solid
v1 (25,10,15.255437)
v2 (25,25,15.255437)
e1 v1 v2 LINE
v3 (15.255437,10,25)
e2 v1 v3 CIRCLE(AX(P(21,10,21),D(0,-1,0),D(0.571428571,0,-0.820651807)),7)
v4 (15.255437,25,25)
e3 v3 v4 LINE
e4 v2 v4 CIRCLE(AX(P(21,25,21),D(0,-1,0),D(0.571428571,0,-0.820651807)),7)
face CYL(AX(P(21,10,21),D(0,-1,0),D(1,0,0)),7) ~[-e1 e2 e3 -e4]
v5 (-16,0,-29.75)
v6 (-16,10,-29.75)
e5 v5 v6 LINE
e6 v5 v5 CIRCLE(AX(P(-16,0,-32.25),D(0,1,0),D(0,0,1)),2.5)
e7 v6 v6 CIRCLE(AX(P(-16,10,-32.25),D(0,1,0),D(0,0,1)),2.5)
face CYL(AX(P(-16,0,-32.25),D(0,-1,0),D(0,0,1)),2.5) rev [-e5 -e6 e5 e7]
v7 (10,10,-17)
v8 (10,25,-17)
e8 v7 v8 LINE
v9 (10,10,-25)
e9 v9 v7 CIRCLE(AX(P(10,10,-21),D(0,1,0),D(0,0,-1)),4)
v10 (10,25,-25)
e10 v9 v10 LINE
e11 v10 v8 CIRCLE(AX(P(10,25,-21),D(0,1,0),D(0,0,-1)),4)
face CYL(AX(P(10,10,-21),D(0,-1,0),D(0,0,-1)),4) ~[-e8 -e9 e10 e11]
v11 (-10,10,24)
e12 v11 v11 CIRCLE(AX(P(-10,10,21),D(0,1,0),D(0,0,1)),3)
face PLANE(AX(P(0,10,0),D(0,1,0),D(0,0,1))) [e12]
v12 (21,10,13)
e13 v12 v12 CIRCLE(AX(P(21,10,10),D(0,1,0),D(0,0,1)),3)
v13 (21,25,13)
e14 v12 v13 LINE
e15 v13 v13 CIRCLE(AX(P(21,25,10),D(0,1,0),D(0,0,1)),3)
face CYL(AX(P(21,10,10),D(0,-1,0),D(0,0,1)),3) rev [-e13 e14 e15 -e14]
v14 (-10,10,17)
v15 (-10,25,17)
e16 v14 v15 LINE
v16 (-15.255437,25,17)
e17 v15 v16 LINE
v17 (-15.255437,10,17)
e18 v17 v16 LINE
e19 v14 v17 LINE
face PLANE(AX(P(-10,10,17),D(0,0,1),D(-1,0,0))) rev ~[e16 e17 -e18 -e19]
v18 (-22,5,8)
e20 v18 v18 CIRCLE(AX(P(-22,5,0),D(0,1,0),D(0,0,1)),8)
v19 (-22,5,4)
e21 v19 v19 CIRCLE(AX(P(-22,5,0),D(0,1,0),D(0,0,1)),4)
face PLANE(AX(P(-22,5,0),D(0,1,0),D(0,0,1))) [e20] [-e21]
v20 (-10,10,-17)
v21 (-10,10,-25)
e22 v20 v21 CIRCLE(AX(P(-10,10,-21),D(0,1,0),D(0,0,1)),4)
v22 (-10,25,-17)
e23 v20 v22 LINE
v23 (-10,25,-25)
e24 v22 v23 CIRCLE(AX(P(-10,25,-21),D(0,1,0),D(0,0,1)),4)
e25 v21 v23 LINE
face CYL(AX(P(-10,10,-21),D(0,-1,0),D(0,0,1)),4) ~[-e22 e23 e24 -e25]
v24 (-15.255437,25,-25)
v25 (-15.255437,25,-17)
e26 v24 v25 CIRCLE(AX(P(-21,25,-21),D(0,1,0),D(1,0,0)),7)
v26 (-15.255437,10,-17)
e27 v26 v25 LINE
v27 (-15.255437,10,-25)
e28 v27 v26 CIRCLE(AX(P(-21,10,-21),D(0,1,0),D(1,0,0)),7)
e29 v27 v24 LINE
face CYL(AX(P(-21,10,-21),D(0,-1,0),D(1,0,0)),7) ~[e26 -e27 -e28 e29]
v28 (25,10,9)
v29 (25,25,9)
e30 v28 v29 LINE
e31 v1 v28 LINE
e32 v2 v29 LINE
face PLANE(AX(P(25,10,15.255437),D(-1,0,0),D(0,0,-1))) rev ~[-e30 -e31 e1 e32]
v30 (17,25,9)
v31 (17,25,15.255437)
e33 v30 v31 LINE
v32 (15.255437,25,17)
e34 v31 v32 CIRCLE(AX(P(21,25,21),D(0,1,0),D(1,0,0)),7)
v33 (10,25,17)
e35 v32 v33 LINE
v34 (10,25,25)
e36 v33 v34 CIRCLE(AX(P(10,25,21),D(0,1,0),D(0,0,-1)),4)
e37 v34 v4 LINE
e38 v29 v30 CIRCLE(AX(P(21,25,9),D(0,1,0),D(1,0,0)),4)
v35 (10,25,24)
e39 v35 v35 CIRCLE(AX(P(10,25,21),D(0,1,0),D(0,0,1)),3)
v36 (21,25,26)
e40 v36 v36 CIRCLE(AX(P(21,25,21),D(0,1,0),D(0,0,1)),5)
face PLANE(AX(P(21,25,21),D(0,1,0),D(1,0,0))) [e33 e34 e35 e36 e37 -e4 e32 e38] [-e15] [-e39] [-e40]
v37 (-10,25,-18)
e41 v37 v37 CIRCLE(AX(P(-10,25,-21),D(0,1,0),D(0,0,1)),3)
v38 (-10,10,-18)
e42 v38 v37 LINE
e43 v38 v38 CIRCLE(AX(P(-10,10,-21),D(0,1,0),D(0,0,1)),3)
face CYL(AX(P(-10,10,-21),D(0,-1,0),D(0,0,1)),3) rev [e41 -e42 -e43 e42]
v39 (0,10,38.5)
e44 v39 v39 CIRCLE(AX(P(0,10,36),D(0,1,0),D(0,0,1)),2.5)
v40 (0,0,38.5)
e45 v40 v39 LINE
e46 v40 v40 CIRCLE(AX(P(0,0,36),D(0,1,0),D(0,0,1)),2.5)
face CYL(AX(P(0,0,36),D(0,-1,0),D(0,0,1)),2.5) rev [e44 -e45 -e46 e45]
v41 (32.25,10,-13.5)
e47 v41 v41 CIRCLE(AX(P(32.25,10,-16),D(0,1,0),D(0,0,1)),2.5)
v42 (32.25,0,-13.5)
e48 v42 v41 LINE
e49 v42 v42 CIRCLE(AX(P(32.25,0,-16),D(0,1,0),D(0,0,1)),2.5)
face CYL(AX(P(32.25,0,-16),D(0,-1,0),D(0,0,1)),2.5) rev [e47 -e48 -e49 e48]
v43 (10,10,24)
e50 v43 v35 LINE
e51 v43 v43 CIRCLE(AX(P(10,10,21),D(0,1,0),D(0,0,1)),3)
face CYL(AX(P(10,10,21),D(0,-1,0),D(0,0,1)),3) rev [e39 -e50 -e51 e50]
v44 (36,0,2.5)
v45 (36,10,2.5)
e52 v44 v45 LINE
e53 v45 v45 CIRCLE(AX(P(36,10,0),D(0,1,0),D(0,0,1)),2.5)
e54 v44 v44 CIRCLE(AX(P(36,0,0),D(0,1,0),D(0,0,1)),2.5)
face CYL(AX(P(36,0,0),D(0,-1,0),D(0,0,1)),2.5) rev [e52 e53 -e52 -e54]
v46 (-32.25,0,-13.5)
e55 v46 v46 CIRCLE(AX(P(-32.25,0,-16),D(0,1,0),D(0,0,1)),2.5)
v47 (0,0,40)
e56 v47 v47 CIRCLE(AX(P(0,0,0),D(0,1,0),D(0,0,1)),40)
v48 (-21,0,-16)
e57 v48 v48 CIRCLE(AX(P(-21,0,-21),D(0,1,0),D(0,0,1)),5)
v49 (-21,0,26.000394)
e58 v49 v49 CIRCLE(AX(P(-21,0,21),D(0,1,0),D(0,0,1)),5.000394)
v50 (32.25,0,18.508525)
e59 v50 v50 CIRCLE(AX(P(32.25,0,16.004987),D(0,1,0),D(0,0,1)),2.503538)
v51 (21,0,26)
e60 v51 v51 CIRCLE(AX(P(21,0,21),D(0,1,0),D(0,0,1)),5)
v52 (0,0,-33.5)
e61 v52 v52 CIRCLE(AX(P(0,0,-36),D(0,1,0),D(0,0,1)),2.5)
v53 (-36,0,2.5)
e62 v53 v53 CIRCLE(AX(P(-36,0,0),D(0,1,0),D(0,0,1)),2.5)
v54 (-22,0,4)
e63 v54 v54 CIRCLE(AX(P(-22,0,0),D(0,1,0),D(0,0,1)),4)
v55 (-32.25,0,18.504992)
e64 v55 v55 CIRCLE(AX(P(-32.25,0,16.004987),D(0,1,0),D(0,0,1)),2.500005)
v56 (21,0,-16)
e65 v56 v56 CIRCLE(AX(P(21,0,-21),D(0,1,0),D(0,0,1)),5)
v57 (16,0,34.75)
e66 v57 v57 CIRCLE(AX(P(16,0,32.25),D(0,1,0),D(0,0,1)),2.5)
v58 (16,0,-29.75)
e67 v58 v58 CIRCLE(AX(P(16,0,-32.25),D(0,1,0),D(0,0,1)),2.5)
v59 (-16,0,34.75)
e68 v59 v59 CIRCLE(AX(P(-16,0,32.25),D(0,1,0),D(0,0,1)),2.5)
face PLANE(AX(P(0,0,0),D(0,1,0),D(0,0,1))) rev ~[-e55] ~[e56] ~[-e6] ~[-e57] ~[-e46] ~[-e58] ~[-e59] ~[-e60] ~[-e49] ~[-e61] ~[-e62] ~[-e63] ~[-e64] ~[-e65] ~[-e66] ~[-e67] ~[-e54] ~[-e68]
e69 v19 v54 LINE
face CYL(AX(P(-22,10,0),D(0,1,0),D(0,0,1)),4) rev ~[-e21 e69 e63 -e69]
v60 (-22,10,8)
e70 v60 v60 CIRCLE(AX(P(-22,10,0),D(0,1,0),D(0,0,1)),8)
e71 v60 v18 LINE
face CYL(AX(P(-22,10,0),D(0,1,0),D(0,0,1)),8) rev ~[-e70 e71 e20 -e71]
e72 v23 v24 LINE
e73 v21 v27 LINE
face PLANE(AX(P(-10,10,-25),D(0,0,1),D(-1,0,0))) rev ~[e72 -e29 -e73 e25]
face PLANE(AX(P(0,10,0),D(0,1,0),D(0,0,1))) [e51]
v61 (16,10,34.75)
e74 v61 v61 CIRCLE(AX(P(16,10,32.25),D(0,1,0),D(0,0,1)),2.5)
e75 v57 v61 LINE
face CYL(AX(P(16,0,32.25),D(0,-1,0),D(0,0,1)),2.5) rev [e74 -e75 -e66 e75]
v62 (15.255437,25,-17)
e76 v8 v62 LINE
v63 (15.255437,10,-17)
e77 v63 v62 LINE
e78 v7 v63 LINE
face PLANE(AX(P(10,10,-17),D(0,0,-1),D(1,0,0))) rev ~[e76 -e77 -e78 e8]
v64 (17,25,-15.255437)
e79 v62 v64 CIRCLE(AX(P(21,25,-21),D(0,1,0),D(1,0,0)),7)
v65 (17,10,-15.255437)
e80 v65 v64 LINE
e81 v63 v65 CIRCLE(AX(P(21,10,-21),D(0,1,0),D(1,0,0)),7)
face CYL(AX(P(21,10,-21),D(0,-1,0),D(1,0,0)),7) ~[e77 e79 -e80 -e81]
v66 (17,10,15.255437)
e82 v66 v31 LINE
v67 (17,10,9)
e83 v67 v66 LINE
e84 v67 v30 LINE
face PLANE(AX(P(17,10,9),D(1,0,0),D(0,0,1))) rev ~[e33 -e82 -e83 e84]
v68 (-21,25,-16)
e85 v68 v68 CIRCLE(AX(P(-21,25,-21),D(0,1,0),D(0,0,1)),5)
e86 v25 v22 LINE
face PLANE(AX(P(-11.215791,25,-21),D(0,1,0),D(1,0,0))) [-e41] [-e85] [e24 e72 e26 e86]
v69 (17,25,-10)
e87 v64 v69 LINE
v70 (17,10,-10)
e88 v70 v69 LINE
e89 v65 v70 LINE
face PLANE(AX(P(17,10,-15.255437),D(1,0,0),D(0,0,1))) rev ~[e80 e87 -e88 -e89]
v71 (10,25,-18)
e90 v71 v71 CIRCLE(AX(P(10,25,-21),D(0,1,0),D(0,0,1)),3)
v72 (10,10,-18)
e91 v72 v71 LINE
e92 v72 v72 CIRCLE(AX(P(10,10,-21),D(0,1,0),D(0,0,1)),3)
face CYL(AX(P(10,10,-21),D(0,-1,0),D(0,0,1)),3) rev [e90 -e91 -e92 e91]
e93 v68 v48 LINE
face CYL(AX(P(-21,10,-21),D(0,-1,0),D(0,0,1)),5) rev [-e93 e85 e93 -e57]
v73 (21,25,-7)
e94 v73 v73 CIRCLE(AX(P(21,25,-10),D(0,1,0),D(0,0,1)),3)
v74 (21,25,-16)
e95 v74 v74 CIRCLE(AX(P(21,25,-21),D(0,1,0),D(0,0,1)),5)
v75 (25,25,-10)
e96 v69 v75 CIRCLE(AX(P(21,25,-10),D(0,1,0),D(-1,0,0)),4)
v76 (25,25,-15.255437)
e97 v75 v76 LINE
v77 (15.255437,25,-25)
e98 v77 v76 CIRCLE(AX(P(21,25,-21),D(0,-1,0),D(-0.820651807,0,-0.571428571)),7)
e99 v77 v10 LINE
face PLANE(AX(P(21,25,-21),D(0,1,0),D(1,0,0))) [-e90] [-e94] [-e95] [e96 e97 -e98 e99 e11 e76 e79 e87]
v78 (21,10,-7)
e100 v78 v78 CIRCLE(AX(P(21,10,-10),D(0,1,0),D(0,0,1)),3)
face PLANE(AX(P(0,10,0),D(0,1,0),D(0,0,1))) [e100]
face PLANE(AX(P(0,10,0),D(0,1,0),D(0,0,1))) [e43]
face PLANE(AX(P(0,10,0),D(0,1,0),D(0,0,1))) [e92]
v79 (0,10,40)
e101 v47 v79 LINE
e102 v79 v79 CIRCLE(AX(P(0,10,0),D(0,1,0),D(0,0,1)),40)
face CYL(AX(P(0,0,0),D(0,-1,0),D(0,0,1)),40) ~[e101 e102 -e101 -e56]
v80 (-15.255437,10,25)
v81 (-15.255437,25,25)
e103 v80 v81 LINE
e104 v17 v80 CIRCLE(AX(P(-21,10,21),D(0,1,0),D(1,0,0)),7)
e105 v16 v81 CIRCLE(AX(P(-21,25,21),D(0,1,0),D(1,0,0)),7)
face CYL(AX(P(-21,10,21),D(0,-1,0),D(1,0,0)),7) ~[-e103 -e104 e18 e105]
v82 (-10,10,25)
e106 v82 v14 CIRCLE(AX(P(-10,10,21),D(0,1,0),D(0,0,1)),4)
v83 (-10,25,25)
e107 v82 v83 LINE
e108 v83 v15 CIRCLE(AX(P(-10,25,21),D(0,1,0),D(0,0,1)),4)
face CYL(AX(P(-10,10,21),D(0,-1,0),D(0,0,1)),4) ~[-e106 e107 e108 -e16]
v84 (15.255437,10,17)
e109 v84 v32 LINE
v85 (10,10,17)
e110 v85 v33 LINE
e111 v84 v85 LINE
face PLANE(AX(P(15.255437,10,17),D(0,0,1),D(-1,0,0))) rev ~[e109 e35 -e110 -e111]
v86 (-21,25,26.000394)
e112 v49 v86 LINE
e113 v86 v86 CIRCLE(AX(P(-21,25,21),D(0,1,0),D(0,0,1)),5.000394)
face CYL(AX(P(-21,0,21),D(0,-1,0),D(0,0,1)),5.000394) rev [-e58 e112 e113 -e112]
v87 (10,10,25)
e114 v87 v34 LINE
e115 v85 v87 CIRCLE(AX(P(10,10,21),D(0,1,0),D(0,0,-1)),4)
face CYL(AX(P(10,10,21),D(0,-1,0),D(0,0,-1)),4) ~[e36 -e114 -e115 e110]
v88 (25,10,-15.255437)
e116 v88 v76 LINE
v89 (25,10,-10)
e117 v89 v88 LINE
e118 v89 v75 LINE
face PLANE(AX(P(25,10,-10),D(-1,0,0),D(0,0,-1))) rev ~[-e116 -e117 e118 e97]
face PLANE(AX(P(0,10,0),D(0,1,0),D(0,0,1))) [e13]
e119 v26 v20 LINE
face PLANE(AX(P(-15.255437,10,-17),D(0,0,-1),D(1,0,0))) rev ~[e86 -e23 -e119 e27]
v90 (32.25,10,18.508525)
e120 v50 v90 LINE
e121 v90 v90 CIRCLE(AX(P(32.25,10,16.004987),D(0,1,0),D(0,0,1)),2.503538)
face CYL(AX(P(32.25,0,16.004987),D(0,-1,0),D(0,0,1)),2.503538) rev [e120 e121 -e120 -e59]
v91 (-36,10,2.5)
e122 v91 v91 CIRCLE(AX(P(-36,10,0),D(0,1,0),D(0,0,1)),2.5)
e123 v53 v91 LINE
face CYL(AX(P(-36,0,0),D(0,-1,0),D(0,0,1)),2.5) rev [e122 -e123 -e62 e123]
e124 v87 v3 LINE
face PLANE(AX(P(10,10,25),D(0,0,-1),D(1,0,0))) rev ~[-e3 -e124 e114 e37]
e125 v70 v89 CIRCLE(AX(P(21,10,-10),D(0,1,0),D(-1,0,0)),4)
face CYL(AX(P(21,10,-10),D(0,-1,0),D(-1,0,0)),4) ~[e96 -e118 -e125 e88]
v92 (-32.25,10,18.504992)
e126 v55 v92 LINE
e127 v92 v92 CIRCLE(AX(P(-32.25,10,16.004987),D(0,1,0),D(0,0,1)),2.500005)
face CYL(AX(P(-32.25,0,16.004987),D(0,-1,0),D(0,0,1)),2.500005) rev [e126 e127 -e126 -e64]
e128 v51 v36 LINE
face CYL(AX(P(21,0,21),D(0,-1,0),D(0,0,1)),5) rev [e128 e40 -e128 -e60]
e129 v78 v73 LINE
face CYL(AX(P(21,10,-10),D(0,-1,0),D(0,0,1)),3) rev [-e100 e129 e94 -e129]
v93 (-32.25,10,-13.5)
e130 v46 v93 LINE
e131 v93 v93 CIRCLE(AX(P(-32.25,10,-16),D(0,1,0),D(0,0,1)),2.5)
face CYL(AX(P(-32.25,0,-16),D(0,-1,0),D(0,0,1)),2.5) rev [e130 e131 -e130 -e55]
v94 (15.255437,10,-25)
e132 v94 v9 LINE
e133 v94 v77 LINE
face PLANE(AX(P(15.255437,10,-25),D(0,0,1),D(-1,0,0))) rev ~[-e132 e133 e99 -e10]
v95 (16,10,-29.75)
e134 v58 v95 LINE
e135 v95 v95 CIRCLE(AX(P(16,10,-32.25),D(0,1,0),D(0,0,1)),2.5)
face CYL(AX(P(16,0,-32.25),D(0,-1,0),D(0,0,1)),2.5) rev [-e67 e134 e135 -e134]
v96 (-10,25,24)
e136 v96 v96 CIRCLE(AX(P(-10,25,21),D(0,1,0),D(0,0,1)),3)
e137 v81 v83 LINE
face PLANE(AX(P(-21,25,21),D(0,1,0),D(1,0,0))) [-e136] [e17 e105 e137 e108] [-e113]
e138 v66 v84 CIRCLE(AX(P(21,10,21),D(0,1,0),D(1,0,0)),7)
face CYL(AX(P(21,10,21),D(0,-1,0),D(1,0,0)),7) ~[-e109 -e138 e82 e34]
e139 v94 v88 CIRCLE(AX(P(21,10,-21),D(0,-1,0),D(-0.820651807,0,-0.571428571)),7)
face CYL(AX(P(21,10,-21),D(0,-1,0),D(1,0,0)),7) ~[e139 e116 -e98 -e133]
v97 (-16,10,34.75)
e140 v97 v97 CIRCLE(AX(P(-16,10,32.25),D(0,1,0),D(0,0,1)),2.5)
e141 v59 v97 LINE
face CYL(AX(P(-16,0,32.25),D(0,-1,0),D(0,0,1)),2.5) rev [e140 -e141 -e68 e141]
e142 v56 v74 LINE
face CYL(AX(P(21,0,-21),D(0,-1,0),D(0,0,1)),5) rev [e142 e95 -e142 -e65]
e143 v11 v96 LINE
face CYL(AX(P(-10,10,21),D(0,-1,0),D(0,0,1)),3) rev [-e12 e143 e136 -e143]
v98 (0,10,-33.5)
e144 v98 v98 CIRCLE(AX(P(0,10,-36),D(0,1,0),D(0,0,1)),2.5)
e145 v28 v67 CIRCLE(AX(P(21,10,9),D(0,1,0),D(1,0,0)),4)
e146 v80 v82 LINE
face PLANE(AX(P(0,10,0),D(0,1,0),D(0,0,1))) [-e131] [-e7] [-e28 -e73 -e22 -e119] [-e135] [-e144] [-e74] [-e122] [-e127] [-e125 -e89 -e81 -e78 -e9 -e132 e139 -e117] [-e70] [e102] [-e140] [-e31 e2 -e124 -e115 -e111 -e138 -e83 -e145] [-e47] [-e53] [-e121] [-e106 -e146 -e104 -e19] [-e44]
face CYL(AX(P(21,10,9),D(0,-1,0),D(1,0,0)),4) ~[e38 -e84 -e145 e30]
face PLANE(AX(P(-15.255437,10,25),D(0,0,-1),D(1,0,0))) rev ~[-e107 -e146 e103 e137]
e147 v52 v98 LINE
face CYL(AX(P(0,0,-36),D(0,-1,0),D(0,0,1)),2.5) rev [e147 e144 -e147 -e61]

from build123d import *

# Parameters (mm, degrees)
SKETCH1_R           = 40
SKETCH1_R_2         = 5
SKETCH1_R_3         = 5.000393793
SKETCH1_R_4         = 2.5
SKETCH1_R_5         = 2.500004974
SKETCH1_R_6         = 2.503537869
BOSS_EXTRUDE4_DEPTH = 10
SKETCH2_R           = 4
CUT_EXTRUDE1_DEPTH  = 10
SKETCH3_R           = 8
CUT_EXTRUDE2_DEPTH  = 5
SKETCH4_R           = 3
SKETCH4_R_2         = 7
SKETCH4_R_3         = 5
SKETCH4_R_4         = 5.000393793
BOSS_EXTRUDE9_DEPTH = 15


with BuildPart() as part:
    # Sketch1 → Boss-Extrude4 (new body)
    with BuildSketch(Plane(origin=(0, 0, 0), x_dir=(1, 0, 0), z_dir=(0, 1, 0))):
        with Locations(Location((0, 0, 0), (0, 0, 270))):
            Circle(SKETCH1_R)
        with Locations(Location((-21, 21, 0), (0, 0, 270))):
            Circle(SKETCH1_R_2, mode=Mode.SUBTRACT)
        with Locations(Location((-21, -21, 0), (0, 0, 270))):
            Circle(SKETCH1_R_3, mode=Mode.SUBTRACT)
        with Locations(Location((21, -21, 0), (0, 0, 270))):
            Circle(SKETCH1_R_2, mode=Mode.SUBTRACT)
        with Locations(Location((21, 21, 0), (0, 0, 270))):
            Circle(SKETCH1_R_2, mode=Mode.SUBTRACT)
        with Locations(Location((36, 0, 0), (0, 0, 270))):
            Circle(SKETCH1_R_4, mode=Mode.SUBTRACT)
        with Locations(Location((0, 36, 0), (0, 0, 270))):
            Circle(SKETCH1_R_4, mode=Mode.SUBTRACT)
        with Locations(Location((0, -36, 0), (0, 0, 270))):
            Circle(SKETCH1_R_4, mode=Mode.SUBTRACT)
        with Locations(Location((16, 32.25, 0), (0, 0, 270))):
            Circle(SKETCH1_R_4, mode=Mode.SUBTRACT)
        with Locations(Location((-16, 32.25, 0), (0, 0, 270))):
            Circle(SKETCH1_R_4, mode=Mode.SUBTRACT)
        with Locations(Location((-32.25, 16, 0), (0, 0, 270))):
            Circle(SKETCH1_R_4, mode=Mode.SUBTRACT)
        with Locations(Location((-32.25, -16.004986802, 0), (0, 0, 270))):
            Circle(SKETCH1_R_5, mode=Mode.SUBTRACT)
        with Locations(Location((-16, -32.25, 0), (0, 0, 270))):
            Circle(SKETCH1_R_4, mode=Mode.SUBTRACT)
        with Locations(Location((16, -32.25, 0), (0, 0, 270))):
            Circle(SKETCH1_R_4, mode=Mode.SUBTRACT)
        with Locations(Location((32.25, 16, 0), (0, 0, 270))):
            Circle(SKETCH1_R_4, mode=Mode.SUBTRACT)
        with Locations(Location((32.25, -16.004986802, 0), (0, 0, 270))):
            Circle(SKETCH1_R_6, mode=Mode.SUBTRACT)
        with Locations(Location((-36, 0, 0), (0, 0, 270))):
            Circle(SKETCH1_R_4, mode=Mode.SUBTRACT)
    extrude(amount=BOSS_EXTRUDE4_DEPTH)

    # Sketch2 → Cut-Extrude1 (cut)
    with BuildSketch(Plane(origin=(0, 10, 0), x_dir=(1, 0, 0), z_dir=(0, 1, 0))):
        with Locations(Location((-22, 0, 0), (0, 0, 270))):
            Circle(SKETCH2_R)
    extrude(amount=-CUT_EXTRUDE1_DEPTH, mode=Mode.SUBTRACT)

    # Sketch3 → Cut-Extrude2 (cut)
    with BuildSketch(Plane(origin=(0, 10, 0), x_dir=(1, 0, 0), z_dir=(0, 1, 0))):
        with Locations(Location((-22, 0, 0), (0, 0, 270))):
            Circle(SKETCH3_R)
    extrude(amount=-CUT_EXTRUDE2_DEPTH, mode=Mode.SUBTRACT)

    # Sketch4 → Boss-Extrude9 (add)
    # profile 1 of 10: a face of its own
    with BuildSketch(Plane(origin=(0, 10, 0), x_dir=(1, 0, 0), z_dir=(0, 1, 0))):
        with BuildLine():
            Line((-15.255437353, 17), (-10, 17))
            ThreePointArc((-10, 17), (-6, 21), (-10, 25))
            Line((-10, 25), (-15.255437353, 25))
            ThreePointArc((-15.255437353, 25), (-14.321229959, 23.096194346), (-14, 21))
            ThreePointArc((-14, 21), (-14.321229959, 18.903805654), (-15.255437353, 17))
        make_face()
        with Locations(Location((-10, 21, 0), (0, 0, 270))):
            Circle(SKETCH4_R, mode=Mode.SUBTRACT)
    # profile 2 of 10: a face of its own
    with BuildSketch(Plane(origin=(0, 10, 0), x_dir=(1, 0, 0), z_dir=(0, 1, 0))):
        with Locations((-21, 21)):
            Circle(SKETCH4_R_2)
        with Locations(Location((-21, 21, 0), (0, 0, 270))):
            Circle(SKETCH4_R_3, mode=Mode.SUBTRACT)
    # profile 3 of 10: a face of its own
    with BuildSketch(Plane(origin=(0, 10, 0), x_dir=(1, 0, 0), z_dir=(0, 1, 0))):
        with Locations((-21, -21)):
            Circle(SKETCH4_R_2)
        with Locations(Location((-21, -21, 0), (0, 0, 270))):
            Circle(SKETCH4_R_4, mode=Mode.SUBTRACT)
    # profile 4 of 10: a face of its own
    with BuildSketch(Plane(origin=(0, 10, 0), x_dir=(1, 0, 0), z_dir=(0, 1, 0))):
        with BuildLine():
            ThreePointArc((-10, -25), (-6, -21), (-10, -17))
            Line((-10, -17), (-15.255437353, -17))
            ThreePointArc((-15.255437353, -17), (-14.321229959, -18.903805654), (-14, -21))
            ThreePointArc((-14, -21), (-14.321229959, -23.096194346), (-15.255437353, -25))
            Line((-15.255437353, -25), (-10, -25))
        make_face()
        with Locations(Location((-10, -21, 0), (0, 0, 270))):
            Circle(SKETCH4_R, mode=Mode.SUBTRACT)
    # profile 5 of 10: a face of its own
    with BuildSketch(Plane(origin=(0, 10, 0), x_dir=(1, 0, 0), z_dir=(0, 1, 0))):
        with Locations((21, -21)):
            Circle(SKETCH4_R_2)
        with Locations(Location((21, -21, 0), (0, 0, 270))):
            Circle(SKETCH4_R_3, mode=Mode.SUBTRACT)
    # profile 6 of 10: a face of its own
    with BuildSketch(Plane(origin=(0, 10, 0), x_dir=(1, 0, 0), z_dir=(0, 1, 0))):
        with BuildLine():
            ThreePointArc((10, -17), (6, -21), (10, -25))
            Line((10, -25), (15.255437353, -25))
            ThreePointArc((15.255437353, -25), (14, -21), (15.255437353, -17))
            Line((15.255437353, -17), (10, -17))
        make_face()
        with Locations(Location((10, -21, 0), (0, 0, 270))):
            Circle(SKETCH4_R, mode=Mode.SUBTRACT)
    # profile 7 of 10: a face of its own
    with BuildSketch(Plane(origin=(0, 10, 0), x_dir=(1, 0, 0), z_dir=(0, 1, 0))):
        with BuildLine():
            Line((17, -9), (17, -15.255437353))
            ThreePointArc((17, -15.255437353), (21, -14), (25, -15.255437353))
            Line((25, -15.255437353), (25, -9))
            ThreePointArc((25, -9), (21, -5), (17, -9))
        make_face()
        with Locations(Location((21, -10, 0), (0, 0, 270))):
            Circle(SKETCH4_R, mode=Mode.SUBTRACT)
    # profile 8 of 10: a face of its own
    with BuildSketch(Plane(origin=(0, 10, 0), x_dir=(1, 0, 0), z_dir=(0, 1, 0))):
        with Locations((21, 21)):
            Circle(SKETCH4_R_2)
        with Locations(Location((21, 21, 0), (0, 0, 270))):
            Circle(SKETCH4_R_3, mode=Mode.SUBTRACT)
    # profile 9 of 10: a face of its own
    with BuildSketch(Plane(origin=(0, 10, 0), x_dir=(1, 0, 0), z_dir=(0, 1, 0))):
        with BuildLine():
            Line((25, 10), (25, 15.255437353))
            ThreePointArc((25, 15.255437353), (21, 14), (17, 15.255437353))
            Line((17, 15.255437353), (17, 10))
            ThreePointArc((17, 10), (21, 6), (25, 10))
        make_face()
        with Locations(Location((21, 10, 0), (0, 0, 270))):
            Circle(SKETCH4_R, mode=Mode.SUBTRACT)
    # profile 10 of 10: a face of its own
    with BuildSketch(Plane(origin=(0, 10, 0), x_dir=(1, 0, 0), z_dir=(0, 1, 0))):
        with BuildLine():
            Line((15.255437353, 25), (10, 25))
            ThreePointArc((10, 25), (6, 21), (10, 17))
            Line((10, 17), (15.255437353, 17))
            ThreePointArc((15.255437353, 17), (14, 21), (15.255437353, 25))
        make_face()
        with Locations(Location((10, 21, 0), (0, 0, 270))):
            Circle(SKETCH4_R, mode=Mode.SUBTRACT)
    extrude(amount=BOSS_EXTRUDE9_DEPTH)


solid = part.part
